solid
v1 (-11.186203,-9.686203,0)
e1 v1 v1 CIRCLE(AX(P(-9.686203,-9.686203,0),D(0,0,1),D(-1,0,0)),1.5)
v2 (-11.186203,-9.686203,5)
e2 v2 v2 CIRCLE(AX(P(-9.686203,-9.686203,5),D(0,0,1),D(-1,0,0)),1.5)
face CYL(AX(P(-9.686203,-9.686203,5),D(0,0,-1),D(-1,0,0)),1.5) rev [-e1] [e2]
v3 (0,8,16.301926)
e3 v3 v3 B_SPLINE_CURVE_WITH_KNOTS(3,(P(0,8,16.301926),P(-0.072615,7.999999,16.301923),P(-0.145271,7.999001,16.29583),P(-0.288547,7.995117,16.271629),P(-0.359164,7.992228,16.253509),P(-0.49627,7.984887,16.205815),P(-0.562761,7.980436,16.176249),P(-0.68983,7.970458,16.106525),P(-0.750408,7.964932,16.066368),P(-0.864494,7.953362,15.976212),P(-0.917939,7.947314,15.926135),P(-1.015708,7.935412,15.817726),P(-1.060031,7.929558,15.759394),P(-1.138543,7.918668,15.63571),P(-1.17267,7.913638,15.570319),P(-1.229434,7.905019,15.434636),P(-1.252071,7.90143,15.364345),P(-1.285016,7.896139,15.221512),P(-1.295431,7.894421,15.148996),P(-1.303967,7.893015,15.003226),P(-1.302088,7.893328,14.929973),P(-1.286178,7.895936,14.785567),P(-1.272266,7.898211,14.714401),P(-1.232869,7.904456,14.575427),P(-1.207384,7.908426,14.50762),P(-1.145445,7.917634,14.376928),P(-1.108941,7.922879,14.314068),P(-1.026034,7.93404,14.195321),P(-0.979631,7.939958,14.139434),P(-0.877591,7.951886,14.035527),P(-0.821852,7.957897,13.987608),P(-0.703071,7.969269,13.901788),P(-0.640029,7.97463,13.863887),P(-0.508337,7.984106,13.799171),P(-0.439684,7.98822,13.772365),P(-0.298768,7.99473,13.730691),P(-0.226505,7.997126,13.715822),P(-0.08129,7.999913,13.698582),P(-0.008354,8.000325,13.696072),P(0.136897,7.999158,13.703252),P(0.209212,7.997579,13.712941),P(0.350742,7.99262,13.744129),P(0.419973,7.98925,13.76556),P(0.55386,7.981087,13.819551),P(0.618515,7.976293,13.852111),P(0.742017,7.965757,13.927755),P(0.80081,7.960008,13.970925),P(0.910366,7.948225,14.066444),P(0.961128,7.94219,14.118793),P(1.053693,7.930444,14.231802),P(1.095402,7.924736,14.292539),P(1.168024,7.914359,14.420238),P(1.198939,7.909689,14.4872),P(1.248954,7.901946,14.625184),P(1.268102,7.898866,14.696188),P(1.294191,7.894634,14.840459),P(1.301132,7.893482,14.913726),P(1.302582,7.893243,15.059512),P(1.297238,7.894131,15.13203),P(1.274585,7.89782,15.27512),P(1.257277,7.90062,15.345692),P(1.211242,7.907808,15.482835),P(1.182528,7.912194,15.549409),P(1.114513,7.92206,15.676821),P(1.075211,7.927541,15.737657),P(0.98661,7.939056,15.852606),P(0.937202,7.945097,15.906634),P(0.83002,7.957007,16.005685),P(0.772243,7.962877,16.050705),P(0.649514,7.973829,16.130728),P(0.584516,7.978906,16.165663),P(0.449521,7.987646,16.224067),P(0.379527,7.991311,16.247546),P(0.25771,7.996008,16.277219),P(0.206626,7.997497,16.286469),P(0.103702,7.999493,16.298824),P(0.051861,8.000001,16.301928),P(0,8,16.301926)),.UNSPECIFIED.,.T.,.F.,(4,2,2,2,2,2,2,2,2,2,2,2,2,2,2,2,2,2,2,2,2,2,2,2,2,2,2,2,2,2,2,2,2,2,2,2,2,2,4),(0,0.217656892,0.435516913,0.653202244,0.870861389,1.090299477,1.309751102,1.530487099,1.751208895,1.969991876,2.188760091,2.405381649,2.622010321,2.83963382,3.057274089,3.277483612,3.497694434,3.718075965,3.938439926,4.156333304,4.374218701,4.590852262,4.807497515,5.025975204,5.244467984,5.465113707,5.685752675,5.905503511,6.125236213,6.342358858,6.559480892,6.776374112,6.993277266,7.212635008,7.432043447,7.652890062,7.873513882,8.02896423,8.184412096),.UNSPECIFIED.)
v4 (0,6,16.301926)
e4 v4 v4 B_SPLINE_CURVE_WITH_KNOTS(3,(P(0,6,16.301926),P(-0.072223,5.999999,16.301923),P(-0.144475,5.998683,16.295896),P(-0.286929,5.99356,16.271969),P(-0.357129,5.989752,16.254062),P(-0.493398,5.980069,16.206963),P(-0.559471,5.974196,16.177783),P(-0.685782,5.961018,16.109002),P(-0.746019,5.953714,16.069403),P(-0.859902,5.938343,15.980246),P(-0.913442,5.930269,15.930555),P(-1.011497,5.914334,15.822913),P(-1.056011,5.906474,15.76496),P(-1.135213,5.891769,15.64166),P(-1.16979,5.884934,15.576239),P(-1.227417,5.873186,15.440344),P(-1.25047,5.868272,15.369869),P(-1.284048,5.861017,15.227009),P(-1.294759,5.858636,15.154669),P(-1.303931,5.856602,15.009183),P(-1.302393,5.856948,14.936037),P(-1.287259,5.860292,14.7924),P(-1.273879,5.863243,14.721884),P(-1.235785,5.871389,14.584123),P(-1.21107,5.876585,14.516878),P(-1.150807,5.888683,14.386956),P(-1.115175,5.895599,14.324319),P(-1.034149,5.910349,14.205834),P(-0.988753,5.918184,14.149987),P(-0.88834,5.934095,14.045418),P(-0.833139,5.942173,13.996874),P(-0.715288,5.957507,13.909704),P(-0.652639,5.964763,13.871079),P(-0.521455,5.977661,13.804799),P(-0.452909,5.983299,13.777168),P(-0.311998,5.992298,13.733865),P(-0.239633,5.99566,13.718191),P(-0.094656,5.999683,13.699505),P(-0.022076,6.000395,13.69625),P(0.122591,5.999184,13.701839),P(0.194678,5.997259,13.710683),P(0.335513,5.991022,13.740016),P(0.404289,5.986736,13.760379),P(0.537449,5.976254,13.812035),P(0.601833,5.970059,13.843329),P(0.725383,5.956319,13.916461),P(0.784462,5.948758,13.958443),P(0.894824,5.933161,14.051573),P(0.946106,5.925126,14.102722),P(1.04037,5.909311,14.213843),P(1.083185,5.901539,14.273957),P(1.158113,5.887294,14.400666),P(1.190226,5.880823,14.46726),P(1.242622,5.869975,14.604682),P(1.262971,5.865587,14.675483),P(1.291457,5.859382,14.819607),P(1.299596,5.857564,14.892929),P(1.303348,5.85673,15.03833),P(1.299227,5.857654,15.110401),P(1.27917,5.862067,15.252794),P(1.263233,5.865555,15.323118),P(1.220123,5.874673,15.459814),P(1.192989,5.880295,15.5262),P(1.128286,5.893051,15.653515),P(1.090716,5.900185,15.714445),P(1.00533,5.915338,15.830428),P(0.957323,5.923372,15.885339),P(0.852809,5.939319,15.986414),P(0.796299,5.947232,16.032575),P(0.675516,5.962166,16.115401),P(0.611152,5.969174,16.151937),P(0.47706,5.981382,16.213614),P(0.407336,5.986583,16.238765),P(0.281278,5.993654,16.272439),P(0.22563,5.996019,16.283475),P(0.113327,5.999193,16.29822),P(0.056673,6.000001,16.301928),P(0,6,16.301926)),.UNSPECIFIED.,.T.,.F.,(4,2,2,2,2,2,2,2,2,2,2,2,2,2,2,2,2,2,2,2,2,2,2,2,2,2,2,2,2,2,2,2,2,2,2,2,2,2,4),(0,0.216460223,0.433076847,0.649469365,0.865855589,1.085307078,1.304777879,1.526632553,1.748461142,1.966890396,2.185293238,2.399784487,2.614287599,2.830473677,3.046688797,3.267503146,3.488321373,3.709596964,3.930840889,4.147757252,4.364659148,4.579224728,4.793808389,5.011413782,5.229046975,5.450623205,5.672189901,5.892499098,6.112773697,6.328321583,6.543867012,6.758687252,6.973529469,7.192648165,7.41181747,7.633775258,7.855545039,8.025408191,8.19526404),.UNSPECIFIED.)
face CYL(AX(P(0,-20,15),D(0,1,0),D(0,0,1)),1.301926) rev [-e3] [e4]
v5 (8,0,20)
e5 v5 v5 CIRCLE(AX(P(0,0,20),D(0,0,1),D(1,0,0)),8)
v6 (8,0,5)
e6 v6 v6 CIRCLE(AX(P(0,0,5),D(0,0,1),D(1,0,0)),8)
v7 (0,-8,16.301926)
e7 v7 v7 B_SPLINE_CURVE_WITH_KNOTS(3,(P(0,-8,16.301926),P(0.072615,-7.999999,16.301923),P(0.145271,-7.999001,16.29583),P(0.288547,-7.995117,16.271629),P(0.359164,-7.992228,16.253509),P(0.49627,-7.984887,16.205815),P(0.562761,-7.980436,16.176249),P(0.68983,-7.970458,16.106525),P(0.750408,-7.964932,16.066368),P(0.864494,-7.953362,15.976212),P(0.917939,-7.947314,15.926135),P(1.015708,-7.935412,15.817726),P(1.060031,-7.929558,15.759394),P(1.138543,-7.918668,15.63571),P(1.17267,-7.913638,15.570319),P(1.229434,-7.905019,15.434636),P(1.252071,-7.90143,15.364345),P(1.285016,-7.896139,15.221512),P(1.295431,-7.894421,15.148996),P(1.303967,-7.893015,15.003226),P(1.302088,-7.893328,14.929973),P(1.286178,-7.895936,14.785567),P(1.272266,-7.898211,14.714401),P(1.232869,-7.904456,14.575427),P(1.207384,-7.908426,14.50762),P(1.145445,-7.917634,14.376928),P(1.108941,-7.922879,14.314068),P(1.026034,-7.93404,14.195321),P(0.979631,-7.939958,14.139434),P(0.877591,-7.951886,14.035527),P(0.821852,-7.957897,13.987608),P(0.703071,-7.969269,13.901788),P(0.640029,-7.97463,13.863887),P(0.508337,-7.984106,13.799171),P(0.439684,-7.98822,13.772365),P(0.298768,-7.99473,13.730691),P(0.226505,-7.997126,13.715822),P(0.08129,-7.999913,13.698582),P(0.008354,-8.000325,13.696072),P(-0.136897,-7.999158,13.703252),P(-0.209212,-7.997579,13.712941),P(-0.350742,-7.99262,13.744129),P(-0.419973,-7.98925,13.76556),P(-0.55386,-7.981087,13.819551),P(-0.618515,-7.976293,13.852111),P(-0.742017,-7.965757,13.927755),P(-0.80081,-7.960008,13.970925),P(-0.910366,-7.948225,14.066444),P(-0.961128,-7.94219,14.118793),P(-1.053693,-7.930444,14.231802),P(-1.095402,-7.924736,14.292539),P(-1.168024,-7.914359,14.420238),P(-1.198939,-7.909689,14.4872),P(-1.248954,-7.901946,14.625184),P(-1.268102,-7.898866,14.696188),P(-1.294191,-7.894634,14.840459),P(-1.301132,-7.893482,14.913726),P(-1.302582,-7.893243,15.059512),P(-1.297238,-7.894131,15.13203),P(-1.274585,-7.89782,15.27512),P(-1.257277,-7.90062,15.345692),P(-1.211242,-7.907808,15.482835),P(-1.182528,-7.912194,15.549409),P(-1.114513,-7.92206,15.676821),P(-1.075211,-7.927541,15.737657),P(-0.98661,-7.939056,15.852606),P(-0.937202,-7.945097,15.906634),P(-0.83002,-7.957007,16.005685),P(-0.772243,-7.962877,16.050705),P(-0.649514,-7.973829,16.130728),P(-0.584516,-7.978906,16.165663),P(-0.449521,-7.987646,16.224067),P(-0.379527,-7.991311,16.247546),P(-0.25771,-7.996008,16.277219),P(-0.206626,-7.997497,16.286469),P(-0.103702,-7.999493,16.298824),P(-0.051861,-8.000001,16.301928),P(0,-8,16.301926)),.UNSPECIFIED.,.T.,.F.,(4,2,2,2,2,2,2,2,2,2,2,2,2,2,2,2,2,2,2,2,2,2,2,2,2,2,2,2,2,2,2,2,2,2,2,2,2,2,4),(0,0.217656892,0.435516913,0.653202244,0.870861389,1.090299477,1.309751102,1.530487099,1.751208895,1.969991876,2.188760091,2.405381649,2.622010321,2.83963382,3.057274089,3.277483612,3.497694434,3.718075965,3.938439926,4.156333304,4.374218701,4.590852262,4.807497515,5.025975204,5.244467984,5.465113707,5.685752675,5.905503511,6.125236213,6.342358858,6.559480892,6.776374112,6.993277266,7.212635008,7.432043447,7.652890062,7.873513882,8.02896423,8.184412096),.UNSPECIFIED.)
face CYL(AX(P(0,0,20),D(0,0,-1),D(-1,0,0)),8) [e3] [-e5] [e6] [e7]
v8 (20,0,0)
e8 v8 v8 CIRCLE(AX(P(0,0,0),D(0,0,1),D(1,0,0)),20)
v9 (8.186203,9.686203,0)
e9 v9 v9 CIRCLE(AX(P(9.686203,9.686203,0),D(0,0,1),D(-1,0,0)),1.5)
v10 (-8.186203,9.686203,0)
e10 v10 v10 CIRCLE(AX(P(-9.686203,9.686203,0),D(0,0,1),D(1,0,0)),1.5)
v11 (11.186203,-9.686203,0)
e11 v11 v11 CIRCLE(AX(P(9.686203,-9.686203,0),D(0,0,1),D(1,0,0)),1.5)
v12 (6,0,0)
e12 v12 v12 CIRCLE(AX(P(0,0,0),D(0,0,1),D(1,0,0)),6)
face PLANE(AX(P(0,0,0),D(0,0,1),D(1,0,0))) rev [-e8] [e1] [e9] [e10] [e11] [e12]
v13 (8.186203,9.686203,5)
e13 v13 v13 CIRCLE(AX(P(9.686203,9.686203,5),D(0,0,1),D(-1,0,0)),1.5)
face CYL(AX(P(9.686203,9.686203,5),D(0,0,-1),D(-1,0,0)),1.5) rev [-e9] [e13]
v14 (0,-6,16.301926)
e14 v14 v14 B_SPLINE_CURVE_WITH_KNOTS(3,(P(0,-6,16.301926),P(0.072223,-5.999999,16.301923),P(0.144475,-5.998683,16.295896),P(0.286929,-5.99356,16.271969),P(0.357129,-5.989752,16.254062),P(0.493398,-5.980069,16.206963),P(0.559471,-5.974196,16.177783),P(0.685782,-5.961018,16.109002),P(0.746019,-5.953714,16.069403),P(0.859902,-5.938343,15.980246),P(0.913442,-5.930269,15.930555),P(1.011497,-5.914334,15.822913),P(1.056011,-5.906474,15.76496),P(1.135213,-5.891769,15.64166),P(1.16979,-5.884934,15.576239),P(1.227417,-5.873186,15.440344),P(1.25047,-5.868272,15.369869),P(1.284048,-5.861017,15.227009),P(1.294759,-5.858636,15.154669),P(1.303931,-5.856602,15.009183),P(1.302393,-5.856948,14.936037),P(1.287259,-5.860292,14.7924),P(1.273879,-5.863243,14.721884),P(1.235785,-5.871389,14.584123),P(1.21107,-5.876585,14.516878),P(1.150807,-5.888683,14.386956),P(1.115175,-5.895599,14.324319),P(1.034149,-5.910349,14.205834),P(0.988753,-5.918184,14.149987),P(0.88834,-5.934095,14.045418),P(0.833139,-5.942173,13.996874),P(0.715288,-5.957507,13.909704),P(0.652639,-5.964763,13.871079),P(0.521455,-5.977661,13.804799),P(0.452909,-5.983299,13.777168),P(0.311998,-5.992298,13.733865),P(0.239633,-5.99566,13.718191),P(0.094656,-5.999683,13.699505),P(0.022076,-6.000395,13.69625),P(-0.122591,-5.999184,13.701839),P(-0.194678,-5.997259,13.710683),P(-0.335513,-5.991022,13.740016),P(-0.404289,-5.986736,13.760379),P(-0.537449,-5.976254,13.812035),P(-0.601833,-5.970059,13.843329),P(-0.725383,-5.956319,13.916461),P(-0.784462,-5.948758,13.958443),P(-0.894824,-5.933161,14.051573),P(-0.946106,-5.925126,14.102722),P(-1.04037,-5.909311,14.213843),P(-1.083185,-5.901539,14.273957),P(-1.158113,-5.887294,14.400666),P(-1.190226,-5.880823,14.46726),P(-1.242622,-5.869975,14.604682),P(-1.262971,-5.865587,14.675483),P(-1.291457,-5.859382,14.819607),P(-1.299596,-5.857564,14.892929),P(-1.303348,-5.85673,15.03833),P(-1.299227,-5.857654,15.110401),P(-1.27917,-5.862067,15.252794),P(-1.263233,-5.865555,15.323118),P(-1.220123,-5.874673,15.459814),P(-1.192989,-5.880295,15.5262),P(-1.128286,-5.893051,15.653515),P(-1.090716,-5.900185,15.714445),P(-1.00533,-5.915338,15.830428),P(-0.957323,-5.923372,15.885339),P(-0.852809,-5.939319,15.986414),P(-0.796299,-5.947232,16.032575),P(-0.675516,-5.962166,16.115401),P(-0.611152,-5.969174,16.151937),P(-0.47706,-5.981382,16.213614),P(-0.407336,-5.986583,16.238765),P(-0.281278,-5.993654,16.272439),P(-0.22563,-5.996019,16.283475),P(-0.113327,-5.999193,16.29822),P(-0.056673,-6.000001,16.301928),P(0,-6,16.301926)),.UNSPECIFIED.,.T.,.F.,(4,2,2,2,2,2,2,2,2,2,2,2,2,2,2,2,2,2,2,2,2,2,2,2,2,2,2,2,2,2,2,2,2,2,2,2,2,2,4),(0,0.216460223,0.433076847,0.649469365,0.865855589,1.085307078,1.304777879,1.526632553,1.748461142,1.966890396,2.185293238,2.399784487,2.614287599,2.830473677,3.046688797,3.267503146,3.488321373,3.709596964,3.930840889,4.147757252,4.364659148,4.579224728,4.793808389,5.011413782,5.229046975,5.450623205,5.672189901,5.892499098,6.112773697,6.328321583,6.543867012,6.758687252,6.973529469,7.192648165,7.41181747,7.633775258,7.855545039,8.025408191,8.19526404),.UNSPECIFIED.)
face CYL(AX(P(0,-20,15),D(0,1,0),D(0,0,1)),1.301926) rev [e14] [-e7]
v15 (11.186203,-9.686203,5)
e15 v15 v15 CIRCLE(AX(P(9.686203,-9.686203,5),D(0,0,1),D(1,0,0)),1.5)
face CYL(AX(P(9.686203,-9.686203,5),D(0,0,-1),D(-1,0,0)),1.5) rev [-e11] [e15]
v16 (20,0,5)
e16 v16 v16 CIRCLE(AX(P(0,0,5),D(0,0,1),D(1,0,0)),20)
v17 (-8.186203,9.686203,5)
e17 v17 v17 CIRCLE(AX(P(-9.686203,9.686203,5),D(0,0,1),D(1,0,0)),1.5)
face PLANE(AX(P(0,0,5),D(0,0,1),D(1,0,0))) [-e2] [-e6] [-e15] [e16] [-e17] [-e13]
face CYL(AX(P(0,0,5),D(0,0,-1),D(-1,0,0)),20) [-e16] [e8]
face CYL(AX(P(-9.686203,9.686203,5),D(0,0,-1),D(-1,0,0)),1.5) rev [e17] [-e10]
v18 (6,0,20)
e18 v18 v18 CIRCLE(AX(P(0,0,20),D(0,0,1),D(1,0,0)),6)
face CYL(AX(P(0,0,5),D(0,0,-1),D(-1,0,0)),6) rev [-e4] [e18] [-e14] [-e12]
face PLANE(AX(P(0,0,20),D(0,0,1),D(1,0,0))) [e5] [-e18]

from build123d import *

# Parameters (mm, degrees)
SKETCH1_R               = 20
SKETCH1_R_2             = 6
SKETCH1_R_3             = 1.5
BOSS_EXTRUDE1_DEPTH     = 5
SKETCH2_R               = 8
SKETCH2_R_2             = 6
BOSS_EXTRUDE2_DEPTH     = 15
CUT_EXTRUDE1_DEPTH      = 35.641016151
CUT_EXTRUDE1_DEPTH_BACK = 35.641016151
SKETCH3_R               = 1.301925598


with BuildPart() as part:
    # Sketch1 → Boss-Extrude1 (new body)
    with BuildSketch(Plane.XY):
        Circle(SKETCH1_R)
        Circle(SKETCH1_R_2, mode=Mode.SUBTRACT)
        with Locations((-9.686203462, 9.686203462)):
            Circle(SKETCH1_R_3, mode=Mode.SUBTRACT)
        with Locations(Location((9.686203462, 9.686203462, 0), (0, 0, 180))):
            Circle(SKETCH1_R_3, mode=Mode.SUBTRACT)
        with Locations((9.686203462, -9.686203462)):
            Circle(SKETCH1_R_3, mode=Mode.SUBTRACT)
        with Locations(Location((-9.686203462, -9.686203462, 0), (0, 0, 180))):
            Circle(SKETCH1_R_3, mode=Mode.SUBTRACT)
    extrude(amount=BOSS_EXTRUDE1_DEPTH)

    # Sketch2 → Boss-Extrude2 (add)
    with BuildSketch(Plane.XY.offset(5)):
        Circle(SKETCH2_R)
        Circle(SKETCH2_R_2, mode=Mode.SUBTRACT)
    extrude(amount=BOSS_EXTRUDE2_DEPTH)

    # Sketch3 → Cut-Extrude1 (cut, two sides: drawn at the far end of the back side and taken through both)
    with BuildSketch(Plane(origin=(0, 0, 0), x_dir=(1, 0, 0), z_dir=(0, 1, 0)).offset(-CUT_EXTRUDE1_DEPTH_BACK)):
        with Locations(Location((0, -15, 0), (0, 0, 270))):
            Circle(SKETCH3_R)
    extrude(amount=CUT_EXTRUDE1_DEPTH + CUT_EXTRUDE1_DEPTH_BACK, mode=Mode.SUBTRACT)


solid = part.part
